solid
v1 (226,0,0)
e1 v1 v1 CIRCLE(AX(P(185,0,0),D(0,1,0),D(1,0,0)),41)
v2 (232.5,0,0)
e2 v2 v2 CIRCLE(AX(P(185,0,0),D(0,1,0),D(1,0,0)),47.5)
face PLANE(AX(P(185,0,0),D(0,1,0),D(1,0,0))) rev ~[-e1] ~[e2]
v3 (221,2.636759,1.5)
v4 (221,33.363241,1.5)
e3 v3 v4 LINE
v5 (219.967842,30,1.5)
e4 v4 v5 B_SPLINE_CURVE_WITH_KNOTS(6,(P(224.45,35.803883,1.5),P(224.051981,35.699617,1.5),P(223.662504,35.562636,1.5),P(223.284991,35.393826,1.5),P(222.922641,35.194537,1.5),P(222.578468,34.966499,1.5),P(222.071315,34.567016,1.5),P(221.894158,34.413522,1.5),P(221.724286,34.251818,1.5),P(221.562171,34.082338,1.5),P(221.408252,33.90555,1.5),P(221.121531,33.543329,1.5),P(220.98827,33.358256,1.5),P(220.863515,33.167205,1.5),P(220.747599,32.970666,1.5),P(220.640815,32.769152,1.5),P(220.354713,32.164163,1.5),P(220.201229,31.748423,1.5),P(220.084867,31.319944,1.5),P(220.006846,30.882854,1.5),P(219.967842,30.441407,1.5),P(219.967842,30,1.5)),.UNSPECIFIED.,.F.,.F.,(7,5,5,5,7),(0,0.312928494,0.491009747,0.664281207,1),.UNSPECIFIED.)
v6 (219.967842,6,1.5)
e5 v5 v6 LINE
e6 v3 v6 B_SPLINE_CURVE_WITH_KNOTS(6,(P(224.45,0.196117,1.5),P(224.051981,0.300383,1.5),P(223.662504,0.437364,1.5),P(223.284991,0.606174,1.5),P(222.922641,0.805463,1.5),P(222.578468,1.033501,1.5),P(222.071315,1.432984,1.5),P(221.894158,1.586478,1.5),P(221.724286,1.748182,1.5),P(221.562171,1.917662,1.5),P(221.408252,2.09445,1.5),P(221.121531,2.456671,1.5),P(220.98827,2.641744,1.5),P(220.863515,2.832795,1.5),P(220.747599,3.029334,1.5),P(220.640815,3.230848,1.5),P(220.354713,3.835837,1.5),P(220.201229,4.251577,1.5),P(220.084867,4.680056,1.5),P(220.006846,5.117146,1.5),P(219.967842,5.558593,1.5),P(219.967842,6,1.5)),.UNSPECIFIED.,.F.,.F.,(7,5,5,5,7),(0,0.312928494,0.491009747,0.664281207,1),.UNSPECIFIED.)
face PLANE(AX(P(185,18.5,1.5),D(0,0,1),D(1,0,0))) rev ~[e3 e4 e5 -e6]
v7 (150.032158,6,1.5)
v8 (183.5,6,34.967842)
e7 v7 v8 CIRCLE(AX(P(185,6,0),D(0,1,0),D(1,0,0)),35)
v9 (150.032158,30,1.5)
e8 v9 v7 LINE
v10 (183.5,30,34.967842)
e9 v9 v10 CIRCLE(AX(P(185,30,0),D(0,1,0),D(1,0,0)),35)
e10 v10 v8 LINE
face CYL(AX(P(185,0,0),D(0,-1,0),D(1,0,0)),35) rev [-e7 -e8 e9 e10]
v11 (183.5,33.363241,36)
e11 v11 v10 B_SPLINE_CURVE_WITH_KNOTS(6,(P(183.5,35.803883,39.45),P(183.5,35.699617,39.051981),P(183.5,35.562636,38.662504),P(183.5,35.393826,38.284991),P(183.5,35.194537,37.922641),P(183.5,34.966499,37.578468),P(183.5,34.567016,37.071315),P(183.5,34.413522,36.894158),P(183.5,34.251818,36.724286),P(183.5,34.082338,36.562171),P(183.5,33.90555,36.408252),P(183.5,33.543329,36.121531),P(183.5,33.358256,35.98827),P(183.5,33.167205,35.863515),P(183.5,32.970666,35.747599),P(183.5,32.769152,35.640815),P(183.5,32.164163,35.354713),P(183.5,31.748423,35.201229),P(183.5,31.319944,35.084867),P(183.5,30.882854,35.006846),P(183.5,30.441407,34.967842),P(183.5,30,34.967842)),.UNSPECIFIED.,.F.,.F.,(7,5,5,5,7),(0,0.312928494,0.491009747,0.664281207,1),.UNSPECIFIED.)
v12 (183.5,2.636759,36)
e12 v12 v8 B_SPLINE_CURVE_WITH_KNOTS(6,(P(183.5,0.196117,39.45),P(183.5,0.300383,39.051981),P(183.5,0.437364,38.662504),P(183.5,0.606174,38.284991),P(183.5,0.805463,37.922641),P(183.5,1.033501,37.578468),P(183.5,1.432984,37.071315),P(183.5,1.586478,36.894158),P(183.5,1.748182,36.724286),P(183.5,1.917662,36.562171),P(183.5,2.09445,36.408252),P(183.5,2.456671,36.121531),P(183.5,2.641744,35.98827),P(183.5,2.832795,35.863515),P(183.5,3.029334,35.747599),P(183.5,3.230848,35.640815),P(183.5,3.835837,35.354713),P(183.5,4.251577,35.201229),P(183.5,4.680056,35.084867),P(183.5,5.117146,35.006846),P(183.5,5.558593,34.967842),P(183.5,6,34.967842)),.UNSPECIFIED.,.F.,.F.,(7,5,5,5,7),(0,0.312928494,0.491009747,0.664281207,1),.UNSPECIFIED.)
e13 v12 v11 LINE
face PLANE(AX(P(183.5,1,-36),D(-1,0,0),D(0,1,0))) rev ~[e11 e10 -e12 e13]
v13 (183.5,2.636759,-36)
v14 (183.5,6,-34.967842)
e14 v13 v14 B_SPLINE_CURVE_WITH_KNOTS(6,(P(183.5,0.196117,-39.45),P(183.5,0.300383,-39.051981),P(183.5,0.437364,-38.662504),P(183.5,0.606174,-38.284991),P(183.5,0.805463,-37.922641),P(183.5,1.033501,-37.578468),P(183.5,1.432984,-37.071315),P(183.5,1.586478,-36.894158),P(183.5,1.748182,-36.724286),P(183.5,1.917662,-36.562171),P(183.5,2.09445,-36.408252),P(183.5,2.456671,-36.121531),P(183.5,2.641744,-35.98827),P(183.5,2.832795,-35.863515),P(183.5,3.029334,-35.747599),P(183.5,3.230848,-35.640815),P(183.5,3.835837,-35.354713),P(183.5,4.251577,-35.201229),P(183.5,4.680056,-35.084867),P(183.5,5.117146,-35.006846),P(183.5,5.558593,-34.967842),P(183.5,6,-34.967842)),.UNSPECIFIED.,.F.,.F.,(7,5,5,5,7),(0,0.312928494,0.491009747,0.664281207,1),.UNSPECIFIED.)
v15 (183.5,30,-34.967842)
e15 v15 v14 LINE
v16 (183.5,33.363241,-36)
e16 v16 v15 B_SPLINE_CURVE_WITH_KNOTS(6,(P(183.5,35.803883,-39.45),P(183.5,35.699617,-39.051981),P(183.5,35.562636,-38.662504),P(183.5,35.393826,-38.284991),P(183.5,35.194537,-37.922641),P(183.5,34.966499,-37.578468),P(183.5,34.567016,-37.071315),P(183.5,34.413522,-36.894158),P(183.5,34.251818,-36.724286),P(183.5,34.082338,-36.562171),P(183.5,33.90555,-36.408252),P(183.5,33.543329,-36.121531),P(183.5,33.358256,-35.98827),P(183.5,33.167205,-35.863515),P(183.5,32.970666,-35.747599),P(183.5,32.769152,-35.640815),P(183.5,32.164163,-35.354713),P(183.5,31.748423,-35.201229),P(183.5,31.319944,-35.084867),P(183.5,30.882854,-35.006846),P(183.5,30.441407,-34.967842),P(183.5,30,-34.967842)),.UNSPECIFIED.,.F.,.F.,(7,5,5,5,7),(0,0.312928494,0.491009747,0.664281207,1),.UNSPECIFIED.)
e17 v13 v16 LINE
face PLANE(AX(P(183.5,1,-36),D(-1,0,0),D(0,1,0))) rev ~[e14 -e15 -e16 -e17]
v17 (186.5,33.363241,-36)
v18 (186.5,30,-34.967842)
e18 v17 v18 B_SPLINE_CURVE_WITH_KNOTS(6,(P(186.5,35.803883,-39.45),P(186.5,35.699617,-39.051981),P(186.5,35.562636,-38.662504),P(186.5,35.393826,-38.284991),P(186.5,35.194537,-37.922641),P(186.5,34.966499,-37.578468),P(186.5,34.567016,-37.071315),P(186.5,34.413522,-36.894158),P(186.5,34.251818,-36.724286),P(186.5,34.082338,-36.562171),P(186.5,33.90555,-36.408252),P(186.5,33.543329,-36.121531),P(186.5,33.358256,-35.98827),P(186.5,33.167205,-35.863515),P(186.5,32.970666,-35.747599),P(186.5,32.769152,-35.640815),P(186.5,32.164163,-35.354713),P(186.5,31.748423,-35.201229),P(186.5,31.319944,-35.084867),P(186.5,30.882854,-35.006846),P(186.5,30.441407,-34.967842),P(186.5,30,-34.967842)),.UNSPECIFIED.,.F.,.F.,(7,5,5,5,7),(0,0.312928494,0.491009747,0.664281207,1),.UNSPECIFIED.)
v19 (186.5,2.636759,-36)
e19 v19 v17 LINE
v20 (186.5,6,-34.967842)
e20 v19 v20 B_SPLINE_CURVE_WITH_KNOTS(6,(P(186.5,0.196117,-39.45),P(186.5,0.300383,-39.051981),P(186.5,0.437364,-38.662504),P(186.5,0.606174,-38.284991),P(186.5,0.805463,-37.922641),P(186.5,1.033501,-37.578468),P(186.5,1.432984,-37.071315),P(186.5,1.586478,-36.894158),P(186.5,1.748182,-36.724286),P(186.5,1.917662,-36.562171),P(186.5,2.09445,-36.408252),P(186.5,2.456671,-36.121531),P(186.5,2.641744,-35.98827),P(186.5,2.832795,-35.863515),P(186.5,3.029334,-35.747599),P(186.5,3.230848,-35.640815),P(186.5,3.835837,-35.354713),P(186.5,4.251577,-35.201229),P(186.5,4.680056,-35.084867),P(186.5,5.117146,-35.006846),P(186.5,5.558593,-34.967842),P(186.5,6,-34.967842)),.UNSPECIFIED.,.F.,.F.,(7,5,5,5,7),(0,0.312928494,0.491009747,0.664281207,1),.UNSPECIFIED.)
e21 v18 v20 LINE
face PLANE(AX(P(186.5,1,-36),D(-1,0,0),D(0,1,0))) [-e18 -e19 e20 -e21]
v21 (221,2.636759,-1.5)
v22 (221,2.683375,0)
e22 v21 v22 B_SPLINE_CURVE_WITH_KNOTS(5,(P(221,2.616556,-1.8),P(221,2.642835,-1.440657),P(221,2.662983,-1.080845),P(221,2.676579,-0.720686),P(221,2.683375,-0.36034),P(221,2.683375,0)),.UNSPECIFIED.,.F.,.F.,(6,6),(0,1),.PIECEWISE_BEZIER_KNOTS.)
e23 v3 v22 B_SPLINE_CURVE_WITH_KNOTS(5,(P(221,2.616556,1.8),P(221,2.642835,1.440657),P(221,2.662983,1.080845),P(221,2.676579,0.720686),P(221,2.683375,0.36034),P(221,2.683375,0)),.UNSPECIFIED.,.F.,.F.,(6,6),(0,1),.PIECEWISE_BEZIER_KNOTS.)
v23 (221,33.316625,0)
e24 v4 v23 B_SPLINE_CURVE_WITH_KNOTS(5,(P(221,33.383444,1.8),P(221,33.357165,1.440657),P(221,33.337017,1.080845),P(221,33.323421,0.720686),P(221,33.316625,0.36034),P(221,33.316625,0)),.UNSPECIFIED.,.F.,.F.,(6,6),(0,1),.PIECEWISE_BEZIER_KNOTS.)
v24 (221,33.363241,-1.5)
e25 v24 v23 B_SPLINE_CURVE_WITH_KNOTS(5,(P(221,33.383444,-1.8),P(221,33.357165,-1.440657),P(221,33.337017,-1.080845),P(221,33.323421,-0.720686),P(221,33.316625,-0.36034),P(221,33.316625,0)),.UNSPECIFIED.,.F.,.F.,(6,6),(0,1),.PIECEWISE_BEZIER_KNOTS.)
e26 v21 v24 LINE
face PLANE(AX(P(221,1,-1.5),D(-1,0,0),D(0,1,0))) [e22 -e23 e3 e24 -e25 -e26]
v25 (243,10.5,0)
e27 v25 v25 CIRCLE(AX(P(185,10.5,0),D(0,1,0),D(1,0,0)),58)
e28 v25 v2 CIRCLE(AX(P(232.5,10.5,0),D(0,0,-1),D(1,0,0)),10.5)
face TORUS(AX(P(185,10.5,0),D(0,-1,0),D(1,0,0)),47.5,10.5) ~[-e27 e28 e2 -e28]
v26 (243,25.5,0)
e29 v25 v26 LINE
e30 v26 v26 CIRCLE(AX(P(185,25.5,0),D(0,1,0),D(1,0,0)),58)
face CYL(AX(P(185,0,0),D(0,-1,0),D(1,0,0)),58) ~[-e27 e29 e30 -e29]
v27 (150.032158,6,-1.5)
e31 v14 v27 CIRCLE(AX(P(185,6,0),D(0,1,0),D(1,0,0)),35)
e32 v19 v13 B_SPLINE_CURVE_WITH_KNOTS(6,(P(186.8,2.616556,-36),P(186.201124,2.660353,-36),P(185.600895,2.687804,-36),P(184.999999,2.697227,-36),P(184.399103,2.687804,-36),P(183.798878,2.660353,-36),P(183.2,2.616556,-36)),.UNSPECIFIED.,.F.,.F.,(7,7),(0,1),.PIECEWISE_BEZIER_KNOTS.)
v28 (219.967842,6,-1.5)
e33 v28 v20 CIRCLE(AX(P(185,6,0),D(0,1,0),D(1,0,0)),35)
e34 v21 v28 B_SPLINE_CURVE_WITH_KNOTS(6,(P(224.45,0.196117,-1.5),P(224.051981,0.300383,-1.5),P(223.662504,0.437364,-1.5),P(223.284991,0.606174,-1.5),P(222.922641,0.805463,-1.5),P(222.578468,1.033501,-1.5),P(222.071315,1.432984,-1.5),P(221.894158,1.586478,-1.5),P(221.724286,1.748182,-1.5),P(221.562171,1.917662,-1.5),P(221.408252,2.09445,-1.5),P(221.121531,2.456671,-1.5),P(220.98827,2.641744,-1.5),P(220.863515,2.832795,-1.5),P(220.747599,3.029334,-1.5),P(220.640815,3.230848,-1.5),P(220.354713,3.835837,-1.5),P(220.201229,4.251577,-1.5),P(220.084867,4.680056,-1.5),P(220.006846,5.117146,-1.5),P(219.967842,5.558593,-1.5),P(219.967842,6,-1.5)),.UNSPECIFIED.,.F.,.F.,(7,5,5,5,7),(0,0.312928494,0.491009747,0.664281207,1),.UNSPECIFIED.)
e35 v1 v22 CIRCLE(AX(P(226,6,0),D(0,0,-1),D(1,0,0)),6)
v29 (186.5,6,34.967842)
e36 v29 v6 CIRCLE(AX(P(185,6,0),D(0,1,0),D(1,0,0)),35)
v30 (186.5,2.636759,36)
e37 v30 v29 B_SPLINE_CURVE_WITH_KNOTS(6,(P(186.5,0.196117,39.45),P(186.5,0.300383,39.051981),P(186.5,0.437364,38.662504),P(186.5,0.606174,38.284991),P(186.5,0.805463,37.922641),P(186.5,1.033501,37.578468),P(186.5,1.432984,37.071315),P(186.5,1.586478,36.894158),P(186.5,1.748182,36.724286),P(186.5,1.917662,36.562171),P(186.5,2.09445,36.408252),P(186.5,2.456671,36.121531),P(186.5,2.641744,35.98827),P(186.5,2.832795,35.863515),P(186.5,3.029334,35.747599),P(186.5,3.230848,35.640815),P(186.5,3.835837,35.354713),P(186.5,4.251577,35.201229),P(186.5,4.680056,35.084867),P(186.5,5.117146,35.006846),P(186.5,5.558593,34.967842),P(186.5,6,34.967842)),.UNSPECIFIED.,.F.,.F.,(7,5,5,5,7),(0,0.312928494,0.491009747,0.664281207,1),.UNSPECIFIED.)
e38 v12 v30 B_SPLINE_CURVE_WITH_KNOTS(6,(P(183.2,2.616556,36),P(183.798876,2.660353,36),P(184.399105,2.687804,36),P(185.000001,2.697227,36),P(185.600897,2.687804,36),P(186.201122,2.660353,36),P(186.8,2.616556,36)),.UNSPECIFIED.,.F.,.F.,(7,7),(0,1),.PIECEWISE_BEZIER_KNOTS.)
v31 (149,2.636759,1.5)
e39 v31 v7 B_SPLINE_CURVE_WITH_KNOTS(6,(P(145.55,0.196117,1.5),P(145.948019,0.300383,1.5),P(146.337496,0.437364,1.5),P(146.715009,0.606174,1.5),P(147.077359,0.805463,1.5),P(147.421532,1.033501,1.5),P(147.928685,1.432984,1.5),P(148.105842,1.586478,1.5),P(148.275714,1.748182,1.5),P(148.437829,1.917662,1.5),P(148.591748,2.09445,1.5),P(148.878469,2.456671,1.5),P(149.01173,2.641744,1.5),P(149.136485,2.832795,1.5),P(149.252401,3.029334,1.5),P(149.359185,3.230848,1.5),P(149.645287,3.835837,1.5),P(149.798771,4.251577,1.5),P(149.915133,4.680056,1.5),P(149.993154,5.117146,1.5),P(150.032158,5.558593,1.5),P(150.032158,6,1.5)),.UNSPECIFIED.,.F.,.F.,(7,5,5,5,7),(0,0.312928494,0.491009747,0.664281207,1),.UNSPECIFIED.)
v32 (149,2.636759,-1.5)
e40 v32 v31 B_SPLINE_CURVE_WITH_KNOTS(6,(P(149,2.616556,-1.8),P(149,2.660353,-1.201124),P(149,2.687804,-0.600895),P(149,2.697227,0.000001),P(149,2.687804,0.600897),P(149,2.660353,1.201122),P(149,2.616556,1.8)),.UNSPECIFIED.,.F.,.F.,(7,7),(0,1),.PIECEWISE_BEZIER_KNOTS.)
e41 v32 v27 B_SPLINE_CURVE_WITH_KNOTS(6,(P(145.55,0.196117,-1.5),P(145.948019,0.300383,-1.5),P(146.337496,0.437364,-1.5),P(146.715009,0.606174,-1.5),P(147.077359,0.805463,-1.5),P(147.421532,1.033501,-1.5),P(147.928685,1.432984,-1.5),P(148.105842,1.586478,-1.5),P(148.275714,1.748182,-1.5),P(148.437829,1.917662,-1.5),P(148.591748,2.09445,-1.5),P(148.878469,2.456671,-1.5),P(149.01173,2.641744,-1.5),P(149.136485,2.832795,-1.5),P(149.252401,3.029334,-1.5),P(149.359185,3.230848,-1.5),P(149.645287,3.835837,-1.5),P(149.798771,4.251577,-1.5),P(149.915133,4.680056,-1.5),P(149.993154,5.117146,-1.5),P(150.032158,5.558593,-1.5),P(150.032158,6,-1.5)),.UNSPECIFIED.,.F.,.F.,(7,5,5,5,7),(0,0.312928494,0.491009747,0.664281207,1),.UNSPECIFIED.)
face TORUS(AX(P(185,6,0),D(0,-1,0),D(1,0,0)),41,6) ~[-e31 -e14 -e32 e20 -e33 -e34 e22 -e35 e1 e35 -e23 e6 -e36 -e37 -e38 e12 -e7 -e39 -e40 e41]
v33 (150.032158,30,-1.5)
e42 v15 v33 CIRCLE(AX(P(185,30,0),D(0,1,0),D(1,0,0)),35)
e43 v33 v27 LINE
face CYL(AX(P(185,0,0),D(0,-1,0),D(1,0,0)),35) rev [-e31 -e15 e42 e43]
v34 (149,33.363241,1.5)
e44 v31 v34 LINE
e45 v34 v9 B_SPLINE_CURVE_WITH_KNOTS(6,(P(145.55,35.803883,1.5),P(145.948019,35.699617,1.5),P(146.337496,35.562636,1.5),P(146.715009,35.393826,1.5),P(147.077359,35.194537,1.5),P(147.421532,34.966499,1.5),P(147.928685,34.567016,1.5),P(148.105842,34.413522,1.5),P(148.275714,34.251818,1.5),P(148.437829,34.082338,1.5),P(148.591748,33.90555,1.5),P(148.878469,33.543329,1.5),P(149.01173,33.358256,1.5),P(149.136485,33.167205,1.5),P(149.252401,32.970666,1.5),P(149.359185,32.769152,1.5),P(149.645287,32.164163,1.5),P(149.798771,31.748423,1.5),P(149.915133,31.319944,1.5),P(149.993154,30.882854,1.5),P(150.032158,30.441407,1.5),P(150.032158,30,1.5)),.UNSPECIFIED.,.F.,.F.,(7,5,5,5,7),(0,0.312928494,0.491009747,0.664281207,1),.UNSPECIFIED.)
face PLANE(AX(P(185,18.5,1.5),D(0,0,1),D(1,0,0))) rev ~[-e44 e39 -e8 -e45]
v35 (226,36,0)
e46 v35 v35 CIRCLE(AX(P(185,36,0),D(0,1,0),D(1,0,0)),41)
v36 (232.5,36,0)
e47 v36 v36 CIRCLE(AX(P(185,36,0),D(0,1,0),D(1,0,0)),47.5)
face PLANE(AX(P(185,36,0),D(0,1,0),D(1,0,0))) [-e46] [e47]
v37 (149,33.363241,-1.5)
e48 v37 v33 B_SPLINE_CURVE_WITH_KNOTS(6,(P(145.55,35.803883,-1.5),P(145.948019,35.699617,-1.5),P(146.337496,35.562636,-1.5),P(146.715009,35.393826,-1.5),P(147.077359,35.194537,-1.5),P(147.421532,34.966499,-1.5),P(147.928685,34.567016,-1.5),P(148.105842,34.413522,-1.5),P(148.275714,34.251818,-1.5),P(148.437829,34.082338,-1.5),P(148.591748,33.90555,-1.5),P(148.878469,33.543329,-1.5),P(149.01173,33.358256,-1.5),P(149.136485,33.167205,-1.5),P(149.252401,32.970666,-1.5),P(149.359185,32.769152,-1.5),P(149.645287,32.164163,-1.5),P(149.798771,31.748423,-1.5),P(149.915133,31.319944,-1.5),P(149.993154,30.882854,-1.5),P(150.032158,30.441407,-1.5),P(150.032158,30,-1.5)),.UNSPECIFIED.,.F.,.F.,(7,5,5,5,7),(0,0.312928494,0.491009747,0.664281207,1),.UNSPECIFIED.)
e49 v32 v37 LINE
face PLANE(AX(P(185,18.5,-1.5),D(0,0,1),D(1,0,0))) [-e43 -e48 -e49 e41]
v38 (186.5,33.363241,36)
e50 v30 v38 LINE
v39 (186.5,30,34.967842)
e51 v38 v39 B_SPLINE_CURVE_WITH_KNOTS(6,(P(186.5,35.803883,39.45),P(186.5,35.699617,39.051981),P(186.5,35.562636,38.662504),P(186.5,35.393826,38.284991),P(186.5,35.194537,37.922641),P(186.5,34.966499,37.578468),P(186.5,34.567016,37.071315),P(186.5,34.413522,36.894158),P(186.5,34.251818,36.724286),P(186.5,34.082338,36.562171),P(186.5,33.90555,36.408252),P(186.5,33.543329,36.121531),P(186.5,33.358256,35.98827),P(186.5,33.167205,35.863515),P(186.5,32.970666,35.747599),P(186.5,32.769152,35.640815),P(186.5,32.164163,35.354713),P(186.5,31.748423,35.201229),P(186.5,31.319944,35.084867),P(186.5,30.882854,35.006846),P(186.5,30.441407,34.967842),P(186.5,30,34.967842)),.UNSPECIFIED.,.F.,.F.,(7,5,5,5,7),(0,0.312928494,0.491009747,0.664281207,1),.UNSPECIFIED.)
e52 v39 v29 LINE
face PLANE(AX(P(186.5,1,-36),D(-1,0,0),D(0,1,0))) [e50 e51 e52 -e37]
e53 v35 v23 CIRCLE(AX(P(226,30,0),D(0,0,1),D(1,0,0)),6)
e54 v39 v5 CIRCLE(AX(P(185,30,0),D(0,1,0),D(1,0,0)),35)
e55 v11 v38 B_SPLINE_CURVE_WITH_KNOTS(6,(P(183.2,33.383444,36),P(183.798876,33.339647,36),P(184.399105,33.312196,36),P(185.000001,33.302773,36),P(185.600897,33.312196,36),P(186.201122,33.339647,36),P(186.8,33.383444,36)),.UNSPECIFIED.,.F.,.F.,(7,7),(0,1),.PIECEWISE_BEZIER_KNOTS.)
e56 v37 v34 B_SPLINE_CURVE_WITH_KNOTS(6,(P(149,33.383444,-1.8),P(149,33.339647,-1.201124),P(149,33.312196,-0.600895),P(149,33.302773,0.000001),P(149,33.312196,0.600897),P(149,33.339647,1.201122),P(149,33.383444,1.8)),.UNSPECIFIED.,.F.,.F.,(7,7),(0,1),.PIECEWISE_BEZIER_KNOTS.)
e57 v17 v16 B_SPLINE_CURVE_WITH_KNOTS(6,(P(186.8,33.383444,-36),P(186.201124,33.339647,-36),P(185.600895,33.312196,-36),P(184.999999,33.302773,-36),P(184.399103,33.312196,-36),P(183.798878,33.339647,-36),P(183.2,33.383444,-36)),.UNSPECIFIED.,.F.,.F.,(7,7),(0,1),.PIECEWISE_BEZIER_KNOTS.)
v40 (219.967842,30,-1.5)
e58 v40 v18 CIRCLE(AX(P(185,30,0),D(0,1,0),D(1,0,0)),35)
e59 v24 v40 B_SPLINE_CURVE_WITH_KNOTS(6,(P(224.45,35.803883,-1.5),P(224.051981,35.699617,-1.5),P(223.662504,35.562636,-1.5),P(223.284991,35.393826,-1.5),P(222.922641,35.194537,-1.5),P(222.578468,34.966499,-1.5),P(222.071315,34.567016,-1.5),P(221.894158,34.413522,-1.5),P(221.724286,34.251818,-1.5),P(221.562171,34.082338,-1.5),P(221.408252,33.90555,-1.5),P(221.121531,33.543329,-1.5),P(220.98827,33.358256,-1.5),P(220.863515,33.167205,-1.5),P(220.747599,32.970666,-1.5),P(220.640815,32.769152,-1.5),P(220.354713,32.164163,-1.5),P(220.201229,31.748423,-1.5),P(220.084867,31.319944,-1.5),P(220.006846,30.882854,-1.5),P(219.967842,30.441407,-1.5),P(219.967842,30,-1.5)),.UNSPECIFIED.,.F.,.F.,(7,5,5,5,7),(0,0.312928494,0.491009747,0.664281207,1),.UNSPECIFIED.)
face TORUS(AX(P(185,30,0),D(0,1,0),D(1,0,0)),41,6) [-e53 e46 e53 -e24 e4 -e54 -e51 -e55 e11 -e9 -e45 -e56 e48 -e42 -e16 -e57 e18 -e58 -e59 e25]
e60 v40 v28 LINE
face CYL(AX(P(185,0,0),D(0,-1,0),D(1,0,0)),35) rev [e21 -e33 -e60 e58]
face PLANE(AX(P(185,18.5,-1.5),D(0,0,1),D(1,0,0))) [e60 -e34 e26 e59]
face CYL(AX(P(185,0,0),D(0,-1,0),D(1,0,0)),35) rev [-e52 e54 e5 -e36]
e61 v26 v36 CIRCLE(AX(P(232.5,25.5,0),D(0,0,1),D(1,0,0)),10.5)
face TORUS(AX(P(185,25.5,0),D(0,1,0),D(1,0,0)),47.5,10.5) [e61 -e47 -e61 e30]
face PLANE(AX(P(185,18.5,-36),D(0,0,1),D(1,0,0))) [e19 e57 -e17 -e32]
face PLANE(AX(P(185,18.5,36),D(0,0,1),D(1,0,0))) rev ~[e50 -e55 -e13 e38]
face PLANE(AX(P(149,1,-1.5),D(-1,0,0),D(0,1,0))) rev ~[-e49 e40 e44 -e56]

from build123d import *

# Parameters (mm, degrees)
BOX360_W          = 72
BOX360_H          = 35
BOX360_DEPTH      = 3
BOX361_W          = 3
BOX361_H          = 35
BOX361_DEPTH      = 72
CYLINDER019_R     = 35
CYLINDER019_DEPTH = 36
CYLINDER010_R     = 58
CYLINDER010_DEPTH = 36
FILLET003_R       = 10.5
FILLET012_R       = 6


with BuildPart() as cube360:
    # Box360 → Box360 (new body)
    with BuildSketch(Plane(origin=(-36, 1, -1.5), x_dir=(1, 0, 0), z_dir=(0, 0, 1))):
        with Locations((36, 17.5)):
            Rectangle(BOX360_W, BOX360_H)
    extrude(amount=BOX360_DEPTH)


with BuildPart() as fusion019:
    # Box361 → Box361 (new body)
    with BuildSketch(Plane(origin=(-1.5, 1, -36), x_dir=(1, 0, 0), z_dir=(0, 0, 1))):
        with Locations((1.5, 17.5)):
            Rectangle(BOX361_W, BOX361_H)
    extrude(amount=BOX361_DEPTH)

    # Fusion019: union Cube360
    add(cube360.part)


with BuildPart() as cylinder019:
    # Cylinder019 → Cylinder019 (new body)
    with BuildSketch(Plane(origin=(0, 0, 0), x_dir=(1, 0, 0), z_dir=(0, 1, 0))):
        Circle(CYLINDER019_R)
    extrude(amount=CYLINDER019_DEPTH)


with BuildPart() as front_wheel_inner_120mm:
    # Cylinder010 → Cylinder010 (new body)
    with BuildSketch(Plane(origin=(0, 0, 0), x_dir=(1, 0, 0), z_dir=(0, 1, 0))):
        Circle(CYLINDER010_R)
    extrude(amount=CYLINDER010_DEPTH)

    # Fillet003
    fillet003_edges = [front_wheel_inner_120mm.edges().sort_by_distance(p)[0] for p in [
        (-58, 0, 0),
        (-58, 36, 0),
    ]]
    fillet(fillet003_edges, radius=FILLET003_R)

    # Cut004026018020024: cut Cylinder019
    add(cylinder019.part, mode=Mode.SUBTRACT)

    # Fillet012
    fillet012_edges = [front_wheel_inner_120mm.edges().sort_by_distance(p)[0] for p in [
        (-35, 36, 0),
        (-35, 0, 0),
    ]]
    fillet(fillet012_edges, radius=FILLET012_R)

    # Cut004026018020025: cut Fusion019
    add(fusion019.part, mode=Mode.SUBTRACT)


with BuildPart() as front_wheel_inner_120mm_1:
    # Cut004026018020025 placement: moved
    add(front_wheel_inner_120mm.part.moved(Location((185, 0, 0))))


solid = front_wheel_inner_120mm_1.part
